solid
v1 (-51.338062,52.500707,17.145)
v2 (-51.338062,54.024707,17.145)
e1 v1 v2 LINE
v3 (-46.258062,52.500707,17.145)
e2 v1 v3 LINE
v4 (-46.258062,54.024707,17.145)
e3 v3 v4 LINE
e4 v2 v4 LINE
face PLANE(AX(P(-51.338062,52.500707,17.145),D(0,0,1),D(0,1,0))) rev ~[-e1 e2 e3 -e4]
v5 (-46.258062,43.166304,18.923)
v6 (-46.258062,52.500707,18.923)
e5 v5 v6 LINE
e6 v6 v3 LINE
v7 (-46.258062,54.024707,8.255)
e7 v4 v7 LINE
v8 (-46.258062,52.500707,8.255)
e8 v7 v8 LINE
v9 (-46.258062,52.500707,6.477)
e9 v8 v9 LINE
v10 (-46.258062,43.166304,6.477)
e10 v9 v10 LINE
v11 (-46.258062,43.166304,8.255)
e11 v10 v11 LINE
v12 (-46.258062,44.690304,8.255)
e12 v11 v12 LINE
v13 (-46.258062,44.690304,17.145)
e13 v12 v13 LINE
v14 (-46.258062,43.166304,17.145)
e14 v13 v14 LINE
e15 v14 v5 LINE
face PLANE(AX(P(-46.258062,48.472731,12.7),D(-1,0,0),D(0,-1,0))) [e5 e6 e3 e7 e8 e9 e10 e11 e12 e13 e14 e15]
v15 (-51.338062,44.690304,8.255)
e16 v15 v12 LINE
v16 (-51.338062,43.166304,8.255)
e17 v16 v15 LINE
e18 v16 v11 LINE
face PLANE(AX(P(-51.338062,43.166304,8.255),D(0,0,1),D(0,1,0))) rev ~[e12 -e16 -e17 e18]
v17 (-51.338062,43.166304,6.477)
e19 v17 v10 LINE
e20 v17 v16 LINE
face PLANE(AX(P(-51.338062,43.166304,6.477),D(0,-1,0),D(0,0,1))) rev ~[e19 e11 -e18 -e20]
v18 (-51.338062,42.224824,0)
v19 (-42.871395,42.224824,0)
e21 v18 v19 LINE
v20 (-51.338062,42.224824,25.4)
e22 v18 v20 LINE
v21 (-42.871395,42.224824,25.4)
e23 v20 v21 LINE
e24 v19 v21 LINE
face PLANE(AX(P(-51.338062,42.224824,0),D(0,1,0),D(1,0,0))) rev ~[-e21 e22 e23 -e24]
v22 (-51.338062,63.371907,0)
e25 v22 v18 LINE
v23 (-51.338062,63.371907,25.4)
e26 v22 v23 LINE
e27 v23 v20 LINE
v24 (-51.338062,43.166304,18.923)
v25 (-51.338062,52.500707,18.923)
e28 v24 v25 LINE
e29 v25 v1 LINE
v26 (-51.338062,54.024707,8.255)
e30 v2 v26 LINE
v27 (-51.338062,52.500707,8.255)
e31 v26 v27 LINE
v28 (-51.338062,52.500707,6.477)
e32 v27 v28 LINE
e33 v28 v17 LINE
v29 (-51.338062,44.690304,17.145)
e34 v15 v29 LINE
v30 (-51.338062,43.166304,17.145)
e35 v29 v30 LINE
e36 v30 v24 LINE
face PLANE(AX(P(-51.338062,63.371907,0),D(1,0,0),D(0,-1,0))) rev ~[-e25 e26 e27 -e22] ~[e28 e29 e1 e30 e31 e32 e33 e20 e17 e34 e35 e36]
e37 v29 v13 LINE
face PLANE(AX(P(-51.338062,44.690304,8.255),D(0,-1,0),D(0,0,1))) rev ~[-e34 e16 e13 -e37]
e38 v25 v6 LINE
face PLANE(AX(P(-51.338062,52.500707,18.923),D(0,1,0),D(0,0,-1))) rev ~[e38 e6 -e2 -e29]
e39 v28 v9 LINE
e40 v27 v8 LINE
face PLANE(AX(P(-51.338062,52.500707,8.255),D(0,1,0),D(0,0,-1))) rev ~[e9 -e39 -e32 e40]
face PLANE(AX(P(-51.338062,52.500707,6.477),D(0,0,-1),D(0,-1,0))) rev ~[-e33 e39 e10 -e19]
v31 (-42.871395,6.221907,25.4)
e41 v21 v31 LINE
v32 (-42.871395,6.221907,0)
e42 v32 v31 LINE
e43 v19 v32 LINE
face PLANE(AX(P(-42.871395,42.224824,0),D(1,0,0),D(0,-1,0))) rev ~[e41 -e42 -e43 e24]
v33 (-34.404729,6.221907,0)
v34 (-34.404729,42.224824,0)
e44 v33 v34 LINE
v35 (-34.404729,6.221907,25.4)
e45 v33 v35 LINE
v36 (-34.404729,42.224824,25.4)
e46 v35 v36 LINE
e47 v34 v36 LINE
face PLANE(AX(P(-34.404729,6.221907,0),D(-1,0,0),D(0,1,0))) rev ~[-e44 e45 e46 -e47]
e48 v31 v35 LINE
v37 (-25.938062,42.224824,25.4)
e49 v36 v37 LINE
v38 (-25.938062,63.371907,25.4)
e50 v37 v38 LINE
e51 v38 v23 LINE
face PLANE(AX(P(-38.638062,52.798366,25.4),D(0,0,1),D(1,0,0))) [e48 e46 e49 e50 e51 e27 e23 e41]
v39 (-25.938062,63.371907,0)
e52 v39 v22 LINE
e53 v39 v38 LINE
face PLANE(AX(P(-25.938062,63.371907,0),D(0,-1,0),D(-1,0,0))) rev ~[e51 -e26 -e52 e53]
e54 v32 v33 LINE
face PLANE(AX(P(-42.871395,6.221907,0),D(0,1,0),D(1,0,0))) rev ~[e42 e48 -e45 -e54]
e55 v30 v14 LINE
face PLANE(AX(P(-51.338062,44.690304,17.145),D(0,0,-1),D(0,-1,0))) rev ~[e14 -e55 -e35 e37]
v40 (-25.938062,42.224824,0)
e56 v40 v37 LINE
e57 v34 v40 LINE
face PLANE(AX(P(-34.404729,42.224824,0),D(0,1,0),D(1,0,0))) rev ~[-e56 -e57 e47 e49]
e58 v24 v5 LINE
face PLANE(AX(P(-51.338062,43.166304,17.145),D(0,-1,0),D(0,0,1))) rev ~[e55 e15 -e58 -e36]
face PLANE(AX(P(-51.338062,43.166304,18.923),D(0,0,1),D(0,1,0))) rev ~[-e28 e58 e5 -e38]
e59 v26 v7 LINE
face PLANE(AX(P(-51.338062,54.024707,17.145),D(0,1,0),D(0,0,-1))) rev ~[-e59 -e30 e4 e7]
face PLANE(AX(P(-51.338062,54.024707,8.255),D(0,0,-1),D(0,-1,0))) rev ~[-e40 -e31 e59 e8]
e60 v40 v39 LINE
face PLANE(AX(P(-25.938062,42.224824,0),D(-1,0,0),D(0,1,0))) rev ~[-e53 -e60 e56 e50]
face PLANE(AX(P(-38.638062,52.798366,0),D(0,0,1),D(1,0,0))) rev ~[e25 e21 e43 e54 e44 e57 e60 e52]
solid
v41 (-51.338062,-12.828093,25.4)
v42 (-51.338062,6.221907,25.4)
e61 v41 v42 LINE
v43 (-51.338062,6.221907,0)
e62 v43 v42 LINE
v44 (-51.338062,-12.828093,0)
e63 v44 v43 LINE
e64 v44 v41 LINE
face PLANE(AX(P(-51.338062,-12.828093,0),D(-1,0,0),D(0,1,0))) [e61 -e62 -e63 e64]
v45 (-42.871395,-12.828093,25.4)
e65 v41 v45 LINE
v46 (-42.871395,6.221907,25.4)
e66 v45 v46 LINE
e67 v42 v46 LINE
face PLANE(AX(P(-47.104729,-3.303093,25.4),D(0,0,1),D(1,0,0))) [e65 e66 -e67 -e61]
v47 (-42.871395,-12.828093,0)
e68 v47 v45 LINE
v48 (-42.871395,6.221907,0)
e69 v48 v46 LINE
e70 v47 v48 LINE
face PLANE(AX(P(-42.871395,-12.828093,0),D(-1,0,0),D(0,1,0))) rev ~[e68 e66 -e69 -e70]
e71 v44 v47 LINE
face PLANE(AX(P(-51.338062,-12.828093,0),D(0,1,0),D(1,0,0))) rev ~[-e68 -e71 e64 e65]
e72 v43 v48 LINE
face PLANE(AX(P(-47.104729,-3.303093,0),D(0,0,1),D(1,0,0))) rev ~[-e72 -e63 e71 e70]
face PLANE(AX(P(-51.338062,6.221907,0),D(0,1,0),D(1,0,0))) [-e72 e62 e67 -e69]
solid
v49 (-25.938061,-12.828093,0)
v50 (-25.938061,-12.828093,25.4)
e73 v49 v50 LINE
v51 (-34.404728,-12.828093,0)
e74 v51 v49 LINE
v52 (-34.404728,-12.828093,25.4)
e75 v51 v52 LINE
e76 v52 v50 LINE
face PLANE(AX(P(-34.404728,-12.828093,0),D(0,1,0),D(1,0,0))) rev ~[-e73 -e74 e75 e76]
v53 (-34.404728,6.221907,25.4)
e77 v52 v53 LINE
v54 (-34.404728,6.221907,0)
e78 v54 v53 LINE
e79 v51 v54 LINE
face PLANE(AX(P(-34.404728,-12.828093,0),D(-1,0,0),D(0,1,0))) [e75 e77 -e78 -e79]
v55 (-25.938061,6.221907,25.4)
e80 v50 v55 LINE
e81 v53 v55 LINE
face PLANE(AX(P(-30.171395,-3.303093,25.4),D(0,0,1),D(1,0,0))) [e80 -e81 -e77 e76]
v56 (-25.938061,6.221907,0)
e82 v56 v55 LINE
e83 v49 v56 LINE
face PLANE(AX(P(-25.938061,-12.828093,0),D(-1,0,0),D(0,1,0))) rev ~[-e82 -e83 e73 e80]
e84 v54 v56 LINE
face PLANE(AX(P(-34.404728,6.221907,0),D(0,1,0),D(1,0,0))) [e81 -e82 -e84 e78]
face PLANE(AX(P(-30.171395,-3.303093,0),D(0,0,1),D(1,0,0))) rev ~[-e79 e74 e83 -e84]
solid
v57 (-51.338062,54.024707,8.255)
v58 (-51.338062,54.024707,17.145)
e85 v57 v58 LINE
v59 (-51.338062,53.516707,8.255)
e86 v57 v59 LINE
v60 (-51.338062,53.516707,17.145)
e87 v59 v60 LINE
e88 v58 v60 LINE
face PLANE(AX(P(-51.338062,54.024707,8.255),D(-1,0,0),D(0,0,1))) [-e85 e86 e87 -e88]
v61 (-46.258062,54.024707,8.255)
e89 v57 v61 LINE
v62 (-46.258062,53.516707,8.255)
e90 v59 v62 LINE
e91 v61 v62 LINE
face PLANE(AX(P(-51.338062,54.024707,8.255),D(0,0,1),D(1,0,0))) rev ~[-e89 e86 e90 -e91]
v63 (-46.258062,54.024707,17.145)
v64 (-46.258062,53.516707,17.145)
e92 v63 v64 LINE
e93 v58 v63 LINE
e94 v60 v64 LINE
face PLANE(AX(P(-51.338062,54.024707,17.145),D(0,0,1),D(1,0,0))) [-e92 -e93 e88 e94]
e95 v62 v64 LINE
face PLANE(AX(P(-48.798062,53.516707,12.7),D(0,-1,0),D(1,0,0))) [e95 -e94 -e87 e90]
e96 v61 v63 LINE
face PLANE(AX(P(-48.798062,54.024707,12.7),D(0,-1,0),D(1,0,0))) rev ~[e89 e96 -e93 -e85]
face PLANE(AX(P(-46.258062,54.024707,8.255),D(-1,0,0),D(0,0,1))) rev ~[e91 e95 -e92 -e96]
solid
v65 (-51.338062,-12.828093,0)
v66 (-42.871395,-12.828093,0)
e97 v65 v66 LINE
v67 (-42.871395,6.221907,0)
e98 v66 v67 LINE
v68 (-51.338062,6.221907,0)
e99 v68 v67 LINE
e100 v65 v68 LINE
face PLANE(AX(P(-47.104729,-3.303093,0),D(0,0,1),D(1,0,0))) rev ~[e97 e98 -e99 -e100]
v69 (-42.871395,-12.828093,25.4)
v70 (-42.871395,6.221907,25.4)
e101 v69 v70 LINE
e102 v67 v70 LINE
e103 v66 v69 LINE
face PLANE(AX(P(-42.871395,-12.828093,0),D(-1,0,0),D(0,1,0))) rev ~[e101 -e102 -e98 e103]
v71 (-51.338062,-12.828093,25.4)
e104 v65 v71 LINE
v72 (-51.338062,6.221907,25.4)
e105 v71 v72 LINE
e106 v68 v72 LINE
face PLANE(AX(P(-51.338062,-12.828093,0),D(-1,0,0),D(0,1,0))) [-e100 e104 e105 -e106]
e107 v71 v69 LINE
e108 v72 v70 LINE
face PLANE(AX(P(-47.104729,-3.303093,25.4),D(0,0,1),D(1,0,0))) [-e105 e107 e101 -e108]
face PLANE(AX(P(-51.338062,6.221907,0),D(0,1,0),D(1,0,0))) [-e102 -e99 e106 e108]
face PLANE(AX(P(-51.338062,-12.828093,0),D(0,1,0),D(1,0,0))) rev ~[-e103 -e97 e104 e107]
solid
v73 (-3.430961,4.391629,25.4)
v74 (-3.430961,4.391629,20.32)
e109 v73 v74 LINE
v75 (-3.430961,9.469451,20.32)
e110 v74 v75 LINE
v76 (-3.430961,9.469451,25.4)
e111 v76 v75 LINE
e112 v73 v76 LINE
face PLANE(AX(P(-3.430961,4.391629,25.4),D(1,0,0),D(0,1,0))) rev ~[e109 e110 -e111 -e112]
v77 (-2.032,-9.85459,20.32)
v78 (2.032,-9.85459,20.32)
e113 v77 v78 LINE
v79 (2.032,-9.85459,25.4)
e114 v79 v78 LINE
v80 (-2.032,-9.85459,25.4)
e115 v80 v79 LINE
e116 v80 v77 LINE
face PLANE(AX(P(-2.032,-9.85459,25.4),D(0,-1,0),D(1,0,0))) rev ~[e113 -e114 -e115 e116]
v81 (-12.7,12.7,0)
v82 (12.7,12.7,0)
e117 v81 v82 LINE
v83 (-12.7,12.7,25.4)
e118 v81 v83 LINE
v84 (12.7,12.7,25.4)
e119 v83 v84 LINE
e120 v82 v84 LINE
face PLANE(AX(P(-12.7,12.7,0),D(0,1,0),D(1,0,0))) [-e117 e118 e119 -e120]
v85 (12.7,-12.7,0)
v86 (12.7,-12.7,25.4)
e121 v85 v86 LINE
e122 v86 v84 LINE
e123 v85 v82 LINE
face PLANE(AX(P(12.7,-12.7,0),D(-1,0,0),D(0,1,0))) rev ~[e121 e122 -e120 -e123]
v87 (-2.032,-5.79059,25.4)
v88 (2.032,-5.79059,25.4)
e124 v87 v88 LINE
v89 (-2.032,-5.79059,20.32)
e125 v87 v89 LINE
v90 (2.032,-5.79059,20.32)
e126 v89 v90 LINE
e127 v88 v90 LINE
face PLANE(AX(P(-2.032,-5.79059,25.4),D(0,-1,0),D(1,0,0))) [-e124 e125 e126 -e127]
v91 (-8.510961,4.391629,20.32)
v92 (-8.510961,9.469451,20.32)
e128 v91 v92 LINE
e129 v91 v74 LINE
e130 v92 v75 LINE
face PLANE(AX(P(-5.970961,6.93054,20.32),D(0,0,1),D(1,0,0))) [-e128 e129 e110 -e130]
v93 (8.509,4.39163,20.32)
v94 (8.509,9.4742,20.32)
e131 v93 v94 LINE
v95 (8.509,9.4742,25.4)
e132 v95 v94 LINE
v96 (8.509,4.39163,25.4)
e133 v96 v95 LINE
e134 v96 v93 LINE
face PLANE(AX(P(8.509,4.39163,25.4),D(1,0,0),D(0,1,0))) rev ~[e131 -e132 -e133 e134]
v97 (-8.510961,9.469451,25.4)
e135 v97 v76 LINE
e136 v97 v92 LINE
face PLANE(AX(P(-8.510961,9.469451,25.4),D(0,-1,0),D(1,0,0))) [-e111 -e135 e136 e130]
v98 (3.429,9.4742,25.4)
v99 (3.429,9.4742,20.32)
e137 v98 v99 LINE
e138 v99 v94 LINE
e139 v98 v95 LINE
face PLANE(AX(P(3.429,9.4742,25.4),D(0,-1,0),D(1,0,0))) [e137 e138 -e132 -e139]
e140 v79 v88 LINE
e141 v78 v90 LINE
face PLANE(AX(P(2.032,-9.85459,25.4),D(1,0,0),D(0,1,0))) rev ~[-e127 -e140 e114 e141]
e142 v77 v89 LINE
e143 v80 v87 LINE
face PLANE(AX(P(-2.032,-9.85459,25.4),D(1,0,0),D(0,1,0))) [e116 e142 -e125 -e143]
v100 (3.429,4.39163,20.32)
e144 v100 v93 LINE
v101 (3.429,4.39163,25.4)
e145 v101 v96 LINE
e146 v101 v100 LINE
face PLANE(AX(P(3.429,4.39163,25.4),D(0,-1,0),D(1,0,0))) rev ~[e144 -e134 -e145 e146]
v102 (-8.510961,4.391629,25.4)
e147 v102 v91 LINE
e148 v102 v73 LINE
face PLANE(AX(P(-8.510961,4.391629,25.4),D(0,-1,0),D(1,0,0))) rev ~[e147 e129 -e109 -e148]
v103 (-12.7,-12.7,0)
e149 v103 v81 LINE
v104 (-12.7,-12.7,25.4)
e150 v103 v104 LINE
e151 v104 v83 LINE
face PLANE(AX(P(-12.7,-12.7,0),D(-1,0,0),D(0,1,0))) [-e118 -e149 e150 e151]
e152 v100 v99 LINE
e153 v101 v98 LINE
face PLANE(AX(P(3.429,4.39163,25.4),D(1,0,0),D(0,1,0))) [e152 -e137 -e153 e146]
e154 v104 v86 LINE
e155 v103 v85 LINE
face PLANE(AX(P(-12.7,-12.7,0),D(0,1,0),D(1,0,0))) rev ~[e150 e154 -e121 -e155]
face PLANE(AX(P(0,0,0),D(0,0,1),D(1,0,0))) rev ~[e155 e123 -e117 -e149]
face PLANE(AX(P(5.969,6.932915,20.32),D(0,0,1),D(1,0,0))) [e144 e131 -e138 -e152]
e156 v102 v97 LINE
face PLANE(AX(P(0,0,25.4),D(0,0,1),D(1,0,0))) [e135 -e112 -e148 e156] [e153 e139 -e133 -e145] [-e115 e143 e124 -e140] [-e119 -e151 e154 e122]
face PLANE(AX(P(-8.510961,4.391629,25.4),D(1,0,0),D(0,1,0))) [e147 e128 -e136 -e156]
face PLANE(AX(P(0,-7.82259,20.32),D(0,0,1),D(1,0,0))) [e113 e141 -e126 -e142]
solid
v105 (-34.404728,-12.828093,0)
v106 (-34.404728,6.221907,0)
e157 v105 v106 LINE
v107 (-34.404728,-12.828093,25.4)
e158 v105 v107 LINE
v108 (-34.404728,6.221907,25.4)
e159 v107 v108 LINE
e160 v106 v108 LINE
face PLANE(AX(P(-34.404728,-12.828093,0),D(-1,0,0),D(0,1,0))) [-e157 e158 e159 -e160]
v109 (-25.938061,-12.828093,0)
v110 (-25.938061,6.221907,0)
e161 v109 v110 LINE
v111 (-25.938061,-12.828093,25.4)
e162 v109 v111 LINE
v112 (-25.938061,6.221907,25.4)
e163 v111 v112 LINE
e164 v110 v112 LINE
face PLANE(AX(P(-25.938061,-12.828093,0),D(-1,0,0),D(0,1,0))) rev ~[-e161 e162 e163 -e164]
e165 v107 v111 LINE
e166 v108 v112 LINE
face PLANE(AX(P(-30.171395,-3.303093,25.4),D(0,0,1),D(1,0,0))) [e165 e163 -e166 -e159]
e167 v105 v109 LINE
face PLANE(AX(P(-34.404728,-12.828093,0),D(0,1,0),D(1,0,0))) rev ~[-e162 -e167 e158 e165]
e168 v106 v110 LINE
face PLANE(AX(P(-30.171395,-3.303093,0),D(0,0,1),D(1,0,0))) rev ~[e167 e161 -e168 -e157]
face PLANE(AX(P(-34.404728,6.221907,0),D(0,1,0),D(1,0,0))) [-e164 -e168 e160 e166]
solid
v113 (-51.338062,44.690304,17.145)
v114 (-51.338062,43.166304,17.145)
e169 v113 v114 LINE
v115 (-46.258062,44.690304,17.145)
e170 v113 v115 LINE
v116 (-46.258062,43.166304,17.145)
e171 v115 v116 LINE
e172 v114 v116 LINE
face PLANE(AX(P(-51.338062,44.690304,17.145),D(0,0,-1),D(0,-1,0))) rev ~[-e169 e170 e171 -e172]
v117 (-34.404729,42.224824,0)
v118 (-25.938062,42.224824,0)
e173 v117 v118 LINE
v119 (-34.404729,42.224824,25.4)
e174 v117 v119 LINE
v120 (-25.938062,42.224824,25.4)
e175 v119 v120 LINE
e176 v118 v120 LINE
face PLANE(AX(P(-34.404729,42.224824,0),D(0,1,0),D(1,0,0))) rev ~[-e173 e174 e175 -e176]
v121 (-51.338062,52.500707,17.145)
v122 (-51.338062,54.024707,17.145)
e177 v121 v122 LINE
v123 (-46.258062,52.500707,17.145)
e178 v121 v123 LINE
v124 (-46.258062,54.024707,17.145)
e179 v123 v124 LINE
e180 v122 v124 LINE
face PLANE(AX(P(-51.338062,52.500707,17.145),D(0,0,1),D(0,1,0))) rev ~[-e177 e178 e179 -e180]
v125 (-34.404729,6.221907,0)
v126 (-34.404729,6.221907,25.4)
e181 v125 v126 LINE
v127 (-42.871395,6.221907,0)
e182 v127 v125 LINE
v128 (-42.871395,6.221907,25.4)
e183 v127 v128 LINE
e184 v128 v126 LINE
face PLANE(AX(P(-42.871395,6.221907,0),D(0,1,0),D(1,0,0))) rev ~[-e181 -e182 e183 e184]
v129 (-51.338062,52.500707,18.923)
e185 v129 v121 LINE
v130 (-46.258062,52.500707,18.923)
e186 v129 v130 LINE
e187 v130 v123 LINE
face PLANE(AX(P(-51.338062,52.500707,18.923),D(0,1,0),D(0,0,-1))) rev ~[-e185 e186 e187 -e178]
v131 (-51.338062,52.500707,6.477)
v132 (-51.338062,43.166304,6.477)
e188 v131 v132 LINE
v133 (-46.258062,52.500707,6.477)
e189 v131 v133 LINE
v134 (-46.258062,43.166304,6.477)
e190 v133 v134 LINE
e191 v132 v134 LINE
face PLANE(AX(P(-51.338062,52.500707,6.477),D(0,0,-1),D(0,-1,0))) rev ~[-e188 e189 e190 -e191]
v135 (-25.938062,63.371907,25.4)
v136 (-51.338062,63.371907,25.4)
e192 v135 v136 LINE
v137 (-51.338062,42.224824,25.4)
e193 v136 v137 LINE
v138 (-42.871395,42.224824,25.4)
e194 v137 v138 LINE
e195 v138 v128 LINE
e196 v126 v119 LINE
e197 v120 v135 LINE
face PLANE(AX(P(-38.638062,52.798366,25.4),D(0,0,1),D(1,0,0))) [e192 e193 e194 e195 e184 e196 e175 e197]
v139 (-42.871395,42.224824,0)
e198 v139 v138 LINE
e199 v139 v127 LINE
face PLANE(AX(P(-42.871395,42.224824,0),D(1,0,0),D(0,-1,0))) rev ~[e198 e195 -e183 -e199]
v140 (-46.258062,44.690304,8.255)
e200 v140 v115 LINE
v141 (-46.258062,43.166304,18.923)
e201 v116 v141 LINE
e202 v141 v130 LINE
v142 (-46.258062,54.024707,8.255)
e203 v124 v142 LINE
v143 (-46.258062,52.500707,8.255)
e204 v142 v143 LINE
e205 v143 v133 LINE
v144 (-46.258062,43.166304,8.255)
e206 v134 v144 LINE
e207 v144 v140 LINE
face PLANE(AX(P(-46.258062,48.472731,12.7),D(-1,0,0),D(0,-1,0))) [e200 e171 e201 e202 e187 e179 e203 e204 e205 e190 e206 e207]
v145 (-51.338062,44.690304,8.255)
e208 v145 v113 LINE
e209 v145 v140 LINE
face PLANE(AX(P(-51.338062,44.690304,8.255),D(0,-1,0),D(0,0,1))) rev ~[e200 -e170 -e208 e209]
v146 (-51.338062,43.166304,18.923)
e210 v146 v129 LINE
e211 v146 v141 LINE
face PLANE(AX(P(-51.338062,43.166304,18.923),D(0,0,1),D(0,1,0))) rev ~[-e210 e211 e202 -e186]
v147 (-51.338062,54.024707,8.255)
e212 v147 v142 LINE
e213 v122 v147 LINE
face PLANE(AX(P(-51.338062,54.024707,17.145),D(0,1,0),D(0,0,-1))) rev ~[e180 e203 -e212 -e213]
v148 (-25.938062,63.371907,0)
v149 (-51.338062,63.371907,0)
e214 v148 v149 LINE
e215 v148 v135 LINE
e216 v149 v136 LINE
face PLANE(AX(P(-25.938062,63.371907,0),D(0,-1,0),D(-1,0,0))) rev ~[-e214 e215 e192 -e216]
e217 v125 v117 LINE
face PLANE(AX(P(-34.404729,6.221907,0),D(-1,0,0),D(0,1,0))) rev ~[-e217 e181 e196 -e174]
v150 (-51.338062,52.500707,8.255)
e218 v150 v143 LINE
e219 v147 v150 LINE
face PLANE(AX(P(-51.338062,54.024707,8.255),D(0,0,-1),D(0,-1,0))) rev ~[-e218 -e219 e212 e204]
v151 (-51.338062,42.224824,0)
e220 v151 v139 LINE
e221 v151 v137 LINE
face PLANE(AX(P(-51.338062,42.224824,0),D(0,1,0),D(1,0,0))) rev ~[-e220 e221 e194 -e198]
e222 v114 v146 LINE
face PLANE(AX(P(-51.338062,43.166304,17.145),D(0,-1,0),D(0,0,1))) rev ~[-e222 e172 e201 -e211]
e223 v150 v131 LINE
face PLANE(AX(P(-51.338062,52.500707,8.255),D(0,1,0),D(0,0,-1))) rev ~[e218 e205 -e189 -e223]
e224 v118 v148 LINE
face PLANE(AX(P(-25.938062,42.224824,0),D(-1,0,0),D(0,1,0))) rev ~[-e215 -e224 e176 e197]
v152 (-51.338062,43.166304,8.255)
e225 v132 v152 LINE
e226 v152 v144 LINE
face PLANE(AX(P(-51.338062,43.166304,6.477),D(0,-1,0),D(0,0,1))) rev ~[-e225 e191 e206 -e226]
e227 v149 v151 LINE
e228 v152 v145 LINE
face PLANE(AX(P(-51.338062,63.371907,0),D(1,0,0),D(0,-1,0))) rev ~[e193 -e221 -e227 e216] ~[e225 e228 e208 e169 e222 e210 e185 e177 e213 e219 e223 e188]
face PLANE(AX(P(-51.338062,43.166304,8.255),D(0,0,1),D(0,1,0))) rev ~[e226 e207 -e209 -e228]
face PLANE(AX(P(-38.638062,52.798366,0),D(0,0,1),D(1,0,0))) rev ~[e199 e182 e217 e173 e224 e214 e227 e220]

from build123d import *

# Parameters (mm, degrees)
F0_W      = 25.4
F0_H      = 25.4
F1_DEPTH  = 25.4
F2_W      = 4.064
F2_H      = 4.064
F2_W_2    = 5.08
F2_H_2    = 5.077821
F2_H_3    = 5.08257
F3_DEPTH  = 5.08
F4_W      = 8.466667
F4_H      = 19.05
F5_DEPTH  = 25.4
F6_DEPTH  = 25.4
F8_DEPTH  = 5.08
F8_FACE_W = 5.08
F8_FACE_H = 8.89
F9_DEPTH  = 0.508


with BuildPart() as f1:
    # F0 (on Top) → F1 (new body)
    with BuildSketch(Plane.XY):
        Rectangle(F0_W, F0_H)
    extrude(amount=F1_DEPTH)

    # F2 (on face) → F3 (cut)
    with BuildSketch(Plane.XY.offset(25.4)):
        with Locations((0, -7.82259)):
            Rectangle(F2_W, F2_H)
        with Locations((-5.970961, 6.93054)):
            Rectangle(F2_W_2, F2_H_2)
        with Locations((5.969, 6.932915)):
            Rectangle(F2_W_2, F2_H_3)
    extrude(amount=-F3_DEPTH, mode=Mode.SUBTRACT)


with BuildPart() as f5:
    # F4 (on Top) → F5 (new body)
    with BuildSketch(Plane.XY):
        with Locations((-30.171395, -3.303093)):
            Rectangle(F4_W, F4_H)
        with Locations((-47.104729, -3.303093)):
            Rectangle(F4_W, F4_H)
        Polygon((-25.938062, 63.371907), (-51.338062, 63.371907), (-51.338062, 44.321907), (-51.338062, 42.224824), (-42.871395, 42.224824), (-34.404729, 42.224824), (-25.938062, 42.224824), align=None)
        Polygon((-34.404729, 6.221907), (-34.404729, 42.224824), (-42.871395, 42.224824), (-42.871395, 6.221907), (-38.638062, 6.221907), align=None)
    extrude(amount=F5_DEPTH)


with BuildPart() as f6:
    # F4 (on Top) → F6 (new body)
    with BuildSketch(Plane.XY):
        with Locations((-30.171395, -3.303093)):
            Rectangle(F4_W, F4_H)
        with Locations((-47.104729, -3.303093)):
            Rectangle(F4_W, F4_H)
        Polygon((-25.938062, 63.371907), (-51.338062, 63.371907), (-51.338062, 44.321907), (-51.338062, 42.224824), (-42.871395, 42.224824), (-34.404729, 42.224824), (-25.938062, 42.224824), align=None)
        Polygon((-34.404729, 6.221907), (-34.404729, 42.224824), (-42.871395, 42.224824), (-42.871395, 6.221907), (-38.638062, 6.221907), align=None)
    extrude(amount=F6_DEPTH)


with BuildPart() as f8_tool:
    # F7 (on face) → F8 (new body)
    with BuildSketch(Plane(origin=(-51.338062, 0, 0), x_dir=(0, -1, 0), z_dir=(-1, 0, 0))):
        Polygon((-54.024707, 17.145), (-54.024707, 8.255), (-52.500707, 8.255), (-52.500707, 6.477), (-43.166304, 6.477), (-43.166304, 8.255), (-44.690304, 8.255), (-44.690304, 17.145), (-43.166304, 17.145), (-43.166304, 18.923), (-52.500707, 18.923), (-52.500707, 17.145), align=None)
    extrude(amount=-F8_DEPTH)


with BuildPart() as f5_1:
    add(f5.part)

    # F8: cut by f8_tool
    add(f8_tool.part, mode=Mode.SUBTRACT)


with BuildPart() as f6_1:
    add(f6.part)

    # F8: cut by f8_tool
    add(f8_tool.part, mode=Mode.SUBTRACT)


with BuildPart() as f9:
    # F8_face (on face) → F9 (new body)
    with BuildSketch(Plane(origin=(-48.798062, 54.024707, 12.7), x_dir=(1, 0, 0), z_dir=(0, -1, 0))):
        Rectangle(F8_FACE_W, F8_FACE_H)
    extrude(amount=F9_DEPTH)


solid = Compound([f1.part, f5_1.part, f6_1.part, f9.part])
